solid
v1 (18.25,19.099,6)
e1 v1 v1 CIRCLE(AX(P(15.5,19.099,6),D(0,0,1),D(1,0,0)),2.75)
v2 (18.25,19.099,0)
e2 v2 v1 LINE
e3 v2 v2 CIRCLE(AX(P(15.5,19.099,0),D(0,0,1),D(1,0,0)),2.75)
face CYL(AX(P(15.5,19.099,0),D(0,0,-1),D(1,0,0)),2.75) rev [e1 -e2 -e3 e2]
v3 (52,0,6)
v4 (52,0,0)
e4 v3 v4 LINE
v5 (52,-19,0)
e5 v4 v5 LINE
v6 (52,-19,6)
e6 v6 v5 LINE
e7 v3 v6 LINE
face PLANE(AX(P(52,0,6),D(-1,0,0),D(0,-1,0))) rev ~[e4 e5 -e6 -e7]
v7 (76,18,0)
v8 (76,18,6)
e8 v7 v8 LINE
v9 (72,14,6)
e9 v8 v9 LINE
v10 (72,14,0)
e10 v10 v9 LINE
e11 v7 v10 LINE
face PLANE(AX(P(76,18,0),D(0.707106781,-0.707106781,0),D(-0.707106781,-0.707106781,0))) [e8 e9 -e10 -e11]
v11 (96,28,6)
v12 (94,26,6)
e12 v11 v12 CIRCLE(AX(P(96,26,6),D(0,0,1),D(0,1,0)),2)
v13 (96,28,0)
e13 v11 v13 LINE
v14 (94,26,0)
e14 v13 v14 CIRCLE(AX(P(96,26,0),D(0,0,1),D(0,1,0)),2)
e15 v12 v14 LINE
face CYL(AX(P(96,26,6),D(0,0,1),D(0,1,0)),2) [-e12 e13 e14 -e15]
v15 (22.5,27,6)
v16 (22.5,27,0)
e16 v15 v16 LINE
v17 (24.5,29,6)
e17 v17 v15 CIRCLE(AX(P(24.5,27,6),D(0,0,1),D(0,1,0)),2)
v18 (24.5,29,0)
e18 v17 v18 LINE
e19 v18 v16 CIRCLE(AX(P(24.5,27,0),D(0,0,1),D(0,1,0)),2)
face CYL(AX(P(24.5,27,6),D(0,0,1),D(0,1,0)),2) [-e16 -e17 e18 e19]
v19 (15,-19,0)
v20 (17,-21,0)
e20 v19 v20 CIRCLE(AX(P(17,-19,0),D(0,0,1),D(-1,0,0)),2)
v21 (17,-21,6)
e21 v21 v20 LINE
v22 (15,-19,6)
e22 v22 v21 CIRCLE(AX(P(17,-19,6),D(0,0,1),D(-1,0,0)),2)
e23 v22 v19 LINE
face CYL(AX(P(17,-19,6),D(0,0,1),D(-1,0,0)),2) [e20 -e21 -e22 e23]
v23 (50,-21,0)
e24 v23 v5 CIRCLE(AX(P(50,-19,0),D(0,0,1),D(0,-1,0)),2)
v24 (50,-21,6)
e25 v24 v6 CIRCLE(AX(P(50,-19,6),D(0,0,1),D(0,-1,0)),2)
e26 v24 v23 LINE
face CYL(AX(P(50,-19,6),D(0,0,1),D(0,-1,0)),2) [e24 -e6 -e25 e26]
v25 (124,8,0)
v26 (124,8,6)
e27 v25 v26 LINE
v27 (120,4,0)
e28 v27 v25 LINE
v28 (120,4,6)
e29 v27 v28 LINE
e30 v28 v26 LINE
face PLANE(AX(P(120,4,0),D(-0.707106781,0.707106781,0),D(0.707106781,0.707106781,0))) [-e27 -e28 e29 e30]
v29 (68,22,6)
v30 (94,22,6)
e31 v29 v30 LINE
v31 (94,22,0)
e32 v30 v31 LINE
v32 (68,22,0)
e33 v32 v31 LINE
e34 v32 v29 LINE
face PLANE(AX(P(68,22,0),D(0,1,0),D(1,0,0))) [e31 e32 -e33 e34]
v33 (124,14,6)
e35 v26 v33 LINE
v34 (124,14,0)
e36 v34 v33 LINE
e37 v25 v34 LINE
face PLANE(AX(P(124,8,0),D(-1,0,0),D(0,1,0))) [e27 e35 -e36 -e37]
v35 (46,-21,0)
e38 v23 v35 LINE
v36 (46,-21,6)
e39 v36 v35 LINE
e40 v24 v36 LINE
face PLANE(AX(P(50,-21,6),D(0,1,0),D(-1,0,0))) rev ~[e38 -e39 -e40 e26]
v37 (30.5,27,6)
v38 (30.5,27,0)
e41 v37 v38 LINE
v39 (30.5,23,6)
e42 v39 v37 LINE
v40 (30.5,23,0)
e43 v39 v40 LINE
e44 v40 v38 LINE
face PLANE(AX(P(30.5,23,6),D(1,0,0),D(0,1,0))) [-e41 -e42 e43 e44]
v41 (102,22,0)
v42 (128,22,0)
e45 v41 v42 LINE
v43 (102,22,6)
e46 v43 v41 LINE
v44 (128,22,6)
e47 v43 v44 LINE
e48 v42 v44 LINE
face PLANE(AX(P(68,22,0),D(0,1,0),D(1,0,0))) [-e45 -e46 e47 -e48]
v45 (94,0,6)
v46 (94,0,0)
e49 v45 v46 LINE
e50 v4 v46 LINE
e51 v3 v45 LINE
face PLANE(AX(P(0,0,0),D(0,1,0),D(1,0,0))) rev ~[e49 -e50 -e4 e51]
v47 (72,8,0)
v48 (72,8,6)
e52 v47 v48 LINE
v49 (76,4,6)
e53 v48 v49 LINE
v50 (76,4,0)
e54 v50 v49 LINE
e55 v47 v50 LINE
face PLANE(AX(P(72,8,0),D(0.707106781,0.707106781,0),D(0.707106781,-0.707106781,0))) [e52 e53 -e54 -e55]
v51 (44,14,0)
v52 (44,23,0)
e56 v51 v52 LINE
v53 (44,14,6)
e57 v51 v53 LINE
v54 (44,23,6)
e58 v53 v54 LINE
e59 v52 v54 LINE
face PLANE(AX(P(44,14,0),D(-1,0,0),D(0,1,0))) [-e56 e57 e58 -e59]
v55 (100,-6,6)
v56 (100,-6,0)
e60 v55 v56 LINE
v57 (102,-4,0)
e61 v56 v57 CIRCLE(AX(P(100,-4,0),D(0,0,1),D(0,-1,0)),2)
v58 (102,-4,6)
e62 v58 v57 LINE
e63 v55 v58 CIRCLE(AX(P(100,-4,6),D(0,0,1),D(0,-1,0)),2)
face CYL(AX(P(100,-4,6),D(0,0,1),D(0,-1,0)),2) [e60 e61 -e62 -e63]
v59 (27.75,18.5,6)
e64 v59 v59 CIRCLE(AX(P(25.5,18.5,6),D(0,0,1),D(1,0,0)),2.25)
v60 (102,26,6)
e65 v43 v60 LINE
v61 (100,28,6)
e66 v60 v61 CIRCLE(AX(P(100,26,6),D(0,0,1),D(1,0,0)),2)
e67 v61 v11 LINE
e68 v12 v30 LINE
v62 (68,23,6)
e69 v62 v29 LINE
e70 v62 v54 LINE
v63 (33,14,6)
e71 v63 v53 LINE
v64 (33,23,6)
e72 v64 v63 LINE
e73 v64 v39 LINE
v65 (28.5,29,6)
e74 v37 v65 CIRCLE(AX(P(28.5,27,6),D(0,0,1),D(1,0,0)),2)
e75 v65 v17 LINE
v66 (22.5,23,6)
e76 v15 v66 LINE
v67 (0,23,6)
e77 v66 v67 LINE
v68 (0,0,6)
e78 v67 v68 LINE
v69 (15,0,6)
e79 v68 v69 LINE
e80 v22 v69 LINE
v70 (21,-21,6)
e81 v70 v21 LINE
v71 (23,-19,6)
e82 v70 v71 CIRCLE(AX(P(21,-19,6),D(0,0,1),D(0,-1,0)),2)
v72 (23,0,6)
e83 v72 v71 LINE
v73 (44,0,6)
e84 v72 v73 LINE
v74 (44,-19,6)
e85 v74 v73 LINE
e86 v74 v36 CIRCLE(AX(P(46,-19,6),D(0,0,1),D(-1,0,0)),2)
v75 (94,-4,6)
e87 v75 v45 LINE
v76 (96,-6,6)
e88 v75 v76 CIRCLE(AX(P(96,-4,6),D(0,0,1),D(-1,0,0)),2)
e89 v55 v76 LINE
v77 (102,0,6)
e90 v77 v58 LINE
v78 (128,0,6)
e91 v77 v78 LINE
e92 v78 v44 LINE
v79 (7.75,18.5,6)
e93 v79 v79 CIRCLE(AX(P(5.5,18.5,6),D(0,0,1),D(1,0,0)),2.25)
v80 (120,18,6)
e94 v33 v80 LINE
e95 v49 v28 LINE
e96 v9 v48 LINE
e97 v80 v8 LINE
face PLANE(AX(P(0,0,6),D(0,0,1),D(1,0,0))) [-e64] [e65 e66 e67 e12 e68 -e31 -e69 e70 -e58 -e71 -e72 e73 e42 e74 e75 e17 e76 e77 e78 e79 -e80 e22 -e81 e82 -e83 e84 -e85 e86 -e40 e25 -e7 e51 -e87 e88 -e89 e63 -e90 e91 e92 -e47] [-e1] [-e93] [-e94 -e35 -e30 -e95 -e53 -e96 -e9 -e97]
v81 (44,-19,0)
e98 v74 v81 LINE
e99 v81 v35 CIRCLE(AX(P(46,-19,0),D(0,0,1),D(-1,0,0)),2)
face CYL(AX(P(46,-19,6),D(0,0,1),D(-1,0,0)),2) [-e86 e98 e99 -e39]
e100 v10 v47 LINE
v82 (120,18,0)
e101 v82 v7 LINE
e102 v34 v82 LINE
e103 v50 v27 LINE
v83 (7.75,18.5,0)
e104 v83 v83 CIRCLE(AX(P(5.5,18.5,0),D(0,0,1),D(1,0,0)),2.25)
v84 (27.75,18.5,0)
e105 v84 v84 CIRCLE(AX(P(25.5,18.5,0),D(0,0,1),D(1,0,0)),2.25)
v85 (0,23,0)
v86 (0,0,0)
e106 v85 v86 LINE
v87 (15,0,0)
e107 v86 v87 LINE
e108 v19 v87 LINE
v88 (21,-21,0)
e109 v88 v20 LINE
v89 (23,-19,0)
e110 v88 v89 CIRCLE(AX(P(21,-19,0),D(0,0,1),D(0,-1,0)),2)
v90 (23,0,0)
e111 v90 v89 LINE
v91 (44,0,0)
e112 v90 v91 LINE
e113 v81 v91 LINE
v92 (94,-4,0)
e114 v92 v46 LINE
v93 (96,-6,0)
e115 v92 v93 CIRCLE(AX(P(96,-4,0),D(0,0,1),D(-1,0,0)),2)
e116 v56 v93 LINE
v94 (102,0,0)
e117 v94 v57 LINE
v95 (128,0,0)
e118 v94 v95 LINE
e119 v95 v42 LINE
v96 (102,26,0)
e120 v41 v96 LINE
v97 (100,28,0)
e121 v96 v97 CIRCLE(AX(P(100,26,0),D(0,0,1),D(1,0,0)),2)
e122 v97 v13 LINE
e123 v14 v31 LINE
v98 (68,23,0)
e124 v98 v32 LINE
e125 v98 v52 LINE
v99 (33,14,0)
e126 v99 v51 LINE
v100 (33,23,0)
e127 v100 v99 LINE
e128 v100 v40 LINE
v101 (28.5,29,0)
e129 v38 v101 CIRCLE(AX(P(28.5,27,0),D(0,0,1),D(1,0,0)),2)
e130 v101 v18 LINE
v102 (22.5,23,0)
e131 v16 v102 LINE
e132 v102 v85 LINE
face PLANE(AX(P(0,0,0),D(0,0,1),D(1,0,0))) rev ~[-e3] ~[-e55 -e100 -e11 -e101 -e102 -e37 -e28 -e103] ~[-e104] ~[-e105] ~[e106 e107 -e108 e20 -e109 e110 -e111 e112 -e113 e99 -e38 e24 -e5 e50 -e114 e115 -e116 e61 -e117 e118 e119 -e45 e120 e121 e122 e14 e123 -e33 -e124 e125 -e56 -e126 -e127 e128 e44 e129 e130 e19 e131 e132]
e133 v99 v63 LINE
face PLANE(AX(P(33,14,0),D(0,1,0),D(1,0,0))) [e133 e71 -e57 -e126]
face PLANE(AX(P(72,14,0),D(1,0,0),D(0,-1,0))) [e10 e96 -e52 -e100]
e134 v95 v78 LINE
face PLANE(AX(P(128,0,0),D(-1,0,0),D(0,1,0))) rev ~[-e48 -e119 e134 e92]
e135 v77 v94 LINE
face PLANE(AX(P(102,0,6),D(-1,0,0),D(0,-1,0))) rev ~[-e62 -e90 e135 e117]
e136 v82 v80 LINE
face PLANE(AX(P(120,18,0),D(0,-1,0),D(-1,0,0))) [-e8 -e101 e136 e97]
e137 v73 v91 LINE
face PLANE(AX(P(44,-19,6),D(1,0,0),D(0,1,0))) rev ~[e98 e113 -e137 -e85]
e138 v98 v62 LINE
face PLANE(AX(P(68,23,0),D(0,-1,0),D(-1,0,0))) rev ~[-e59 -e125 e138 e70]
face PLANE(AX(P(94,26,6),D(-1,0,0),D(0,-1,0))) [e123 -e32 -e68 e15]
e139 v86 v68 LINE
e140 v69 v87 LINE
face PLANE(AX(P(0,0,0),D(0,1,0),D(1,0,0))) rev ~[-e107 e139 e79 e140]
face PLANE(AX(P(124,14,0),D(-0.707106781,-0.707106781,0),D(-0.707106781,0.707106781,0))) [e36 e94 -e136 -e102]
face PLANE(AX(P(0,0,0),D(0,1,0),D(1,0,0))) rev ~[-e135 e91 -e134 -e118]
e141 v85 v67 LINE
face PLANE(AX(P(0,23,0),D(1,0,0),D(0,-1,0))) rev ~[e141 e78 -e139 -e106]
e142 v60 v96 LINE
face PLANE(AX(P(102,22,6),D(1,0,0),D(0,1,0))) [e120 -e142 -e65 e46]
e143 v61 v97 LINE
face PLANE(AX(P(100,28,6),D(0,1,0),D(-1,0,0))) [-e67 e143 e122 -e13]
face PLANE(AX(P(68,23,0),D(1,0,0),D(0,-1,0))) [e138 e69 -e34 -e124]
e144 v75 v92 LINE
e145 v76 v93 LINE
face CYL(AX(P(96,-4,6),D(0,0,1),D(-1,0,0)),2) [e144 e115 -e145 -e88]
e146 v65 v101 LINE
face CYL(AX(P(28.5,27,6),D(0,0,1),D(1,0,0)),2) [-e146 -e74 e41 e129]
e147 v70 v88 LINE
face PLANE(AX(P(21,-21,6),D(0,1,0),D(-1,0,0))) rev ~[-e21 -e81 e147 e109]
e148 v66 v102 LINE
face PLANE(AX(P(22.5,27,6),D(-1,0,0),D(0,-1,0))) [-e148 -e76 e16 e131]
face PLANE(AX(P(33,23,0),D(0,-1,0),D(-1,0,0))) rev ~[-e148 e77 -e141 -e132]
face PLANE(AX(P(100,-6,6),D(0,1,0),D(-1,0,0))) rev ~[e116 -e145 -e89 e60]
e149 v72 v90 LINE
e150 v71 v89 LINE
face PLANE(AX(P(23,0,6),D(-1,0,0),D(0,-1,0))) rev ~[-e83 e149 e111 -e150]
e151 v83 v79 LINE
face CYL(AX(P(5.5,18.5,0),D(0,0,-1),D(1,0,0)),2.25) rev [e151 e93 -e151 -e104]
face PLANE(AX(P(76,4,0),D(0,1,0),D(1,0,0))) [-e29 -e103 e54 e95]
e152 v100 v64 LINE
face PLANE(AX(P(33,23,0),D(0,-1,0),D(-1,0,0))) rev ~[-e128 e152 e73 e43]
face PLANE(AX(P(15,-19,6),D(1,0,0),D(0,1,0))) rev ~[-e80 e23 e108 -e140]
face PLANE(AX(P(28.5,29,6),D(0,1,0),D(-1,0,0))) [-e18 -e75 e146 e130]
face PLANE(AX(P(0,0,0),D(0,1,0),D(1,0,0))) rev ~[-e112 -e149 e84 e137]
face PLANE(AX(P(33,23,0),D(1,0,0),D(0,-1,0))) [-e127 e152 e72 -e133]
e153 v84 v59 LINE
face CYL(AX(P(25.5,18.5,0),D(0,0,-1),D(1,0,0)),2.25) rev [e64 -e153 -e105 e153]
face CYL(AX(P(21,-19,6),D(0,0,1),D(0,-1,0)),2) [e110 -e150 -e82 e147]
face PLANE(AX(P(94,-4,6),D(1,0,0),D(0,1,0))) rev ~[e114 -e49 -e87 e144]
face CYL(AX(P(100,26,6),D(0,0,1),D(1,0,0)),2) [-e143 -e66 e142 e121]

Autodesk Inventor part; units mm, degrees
ref_plane "YZ Plane" through (0, 0, 0) normal (1, 0, 0) x (0, 1, 0)
ref_plane "XZ Plane" through (0, 0, 0) normal (0, 1, 0) x (-1, 0, 0)
ref_plane "XY Plane" through (0, 0, 0) normal (0, 0, 1) x (1, 0, 0)
sketch "Sketch1" plane through (0, 0, 0) normal (0, 0, 1) x (1, 0, 0)
  line L0 (0, 0) -> (128, 0)
  line L1 (128, 0) -> (128, 22)
  line L2 (0, 23) -> (0, 0)
  line L3 (68, 23) -> (68, 22)
  line L4 (68, 22) -> (128, 22)
  line L5 (33, 23) -> (33, 14)
  line L6 (33, 14) -> (44, 14)
  line L7 (44, 14) -> (44, 23)
  line L8 (68, 23) -> (44, 23)
  line L9 (33, 23) -> (0, 23)
  line L10 (72, 14) -> (72, 8)
  line L11 (72, 8) -> (76, 4)
  line L12 (76, 4) -> (120, 4)
  line L13 (120, 4) -> (124, 8)
  line L14 (124, 8) -> (124, 14)
  line L15 (124, 14) -> (120, 18)
  line L16 (120, 18) -> (76, 18)
  line L17 (76, 18) -> (72, 14)
  line L18 (68, 22) -> (68, 0) construction
  circle A0 centre (5.5, 18.5) radius 2.25
  circle A1 centre (25.5, 18.5) radius 2.25
  circle A2 centre (15.5, 19.099) radius 2.75
  circle A3 centre (38.5, 19.099) radius 7.5 construction
  circle A4 centre (38.5, 19.099) radius 4 construction
  point P0 (33, 18.5)
  dimension "d0" = 128
  dimension "d1" = 23
  dimension "d2" = 22
  dimension "d3" = 60
  dimension "d4" = 11
  dimension "d5" = 9
  dimension "d6" = 33
  dimension "d7" = 45
  dimension "d8" = 4
  dimension "d9" = 4
  dimension "d10" = 4
  dimension "d11" = 4
  dimension "d12" = 4
  dimension "d13" = 4.5
  dimension "d14" = 4.5
  dimension "d15" = 5.5
  dimension "d16" = 20
  dimension "d17" = 5.5
  dimension "d18" = 8
  dimension "d19" = 15
  dimension "d20" = 10
extrude "Extrusion1" add sketch "Sketch1" along normal blind 6
sketch "Sketch2" plane through (0, 0, 6) normal (0, 0, 1) x (1, 0, 0)
  line L0 (0, 0) -> (128, 0) projected
  line L1 (128, 0) -> (128, 22) projected
  line L2 (128, 22) -> (68, 22) projected
  line L3 (33, 23) -> (0, 23) projected
  line L4 (0, 23) -> (0, 0) projected
  line L5 (22.5, 23) -> (30.5, 23)
  line L6 (30.5, 23) -> (30.5, 27)
  line L7 (28.5, 29) -> (24.5, 29)
  line L8 (22.5, 27) -> (22.5, 23)
  line L9 (94, 22) -> (102, 22)
  line L10 (102, 22) -> (102, 26)
  line L11 (100, 28) -> (96, 28)
  line L12 (94, 26) -> (94, 22)
  line L13 (15, 0) -> (23, 0)
  line L14 (23, 0) -> (23, -19)
  line L15 (21, -21) -> (17, -21)
  line L16 (15, -19) -> (15, 0)
  line L17 (44, 0) -> (52, 0)
  line L18 (52, 0) -> (52, -19)
  line L19 (50, -21) -> (46, -21)
  line L20 (44, -19) -> (44, 0)
  line L21 (94, 0) -> (102, 0)
  line L22 (102, 0) -> (102, -4)
  line L23 (100, -6) -> (96, -6)
  line L24 (94, -4) -> (94, 0)
  arc A0 (24.5, 29) -> (22.5, 27) centre (24.5, 27) ccw
  arc A1 (30.5, 27) -> (28.5, 29) centre (28.5, 27) ccw
  arc A2 (96, 28) -> (94, 26) centre (96, 26) ccw
  arc A3 (102, 26) -> (100, 28) centre (100, 26) ccw
  arc A4 (15, -19) -> (17, -21) centre (17, -19) ccw
  arc A5 (21, -21) -> (23, -19) centre (21, -19) ccw
  arc A6 (44, -19) -> (46, -21) centre (46, -19) ccw
  arc A7 (50, -21) -> (52, -19) centre (50, -19) ccw
  arc A8 (94, -4) -> (96, -6) centre (96, -4) ccw
  arc A9 (100, -6) -> (102, -4) centre (100, -4) ccw
  dimension "d23" = 2
  dimension "d24" = 8
  dimension "d25" = 8
  dimension "d26" = 8
  dimension "d27" = 8
  dimension "d28" = 8
  dimension "d29" = 21
  dimension "d30" = 6
  dimension "d31" = 6
  dimension "d32" = 22.5
  dimension "d33" = 26
  dimension "d34" = 15
  dimension "d35" = 21
  dimension "d38" = 6
extrude "Extrusion2" add sketch "Sketch2" against normal blind 6
properties part number "x_iddler_upper_nut_stop"
